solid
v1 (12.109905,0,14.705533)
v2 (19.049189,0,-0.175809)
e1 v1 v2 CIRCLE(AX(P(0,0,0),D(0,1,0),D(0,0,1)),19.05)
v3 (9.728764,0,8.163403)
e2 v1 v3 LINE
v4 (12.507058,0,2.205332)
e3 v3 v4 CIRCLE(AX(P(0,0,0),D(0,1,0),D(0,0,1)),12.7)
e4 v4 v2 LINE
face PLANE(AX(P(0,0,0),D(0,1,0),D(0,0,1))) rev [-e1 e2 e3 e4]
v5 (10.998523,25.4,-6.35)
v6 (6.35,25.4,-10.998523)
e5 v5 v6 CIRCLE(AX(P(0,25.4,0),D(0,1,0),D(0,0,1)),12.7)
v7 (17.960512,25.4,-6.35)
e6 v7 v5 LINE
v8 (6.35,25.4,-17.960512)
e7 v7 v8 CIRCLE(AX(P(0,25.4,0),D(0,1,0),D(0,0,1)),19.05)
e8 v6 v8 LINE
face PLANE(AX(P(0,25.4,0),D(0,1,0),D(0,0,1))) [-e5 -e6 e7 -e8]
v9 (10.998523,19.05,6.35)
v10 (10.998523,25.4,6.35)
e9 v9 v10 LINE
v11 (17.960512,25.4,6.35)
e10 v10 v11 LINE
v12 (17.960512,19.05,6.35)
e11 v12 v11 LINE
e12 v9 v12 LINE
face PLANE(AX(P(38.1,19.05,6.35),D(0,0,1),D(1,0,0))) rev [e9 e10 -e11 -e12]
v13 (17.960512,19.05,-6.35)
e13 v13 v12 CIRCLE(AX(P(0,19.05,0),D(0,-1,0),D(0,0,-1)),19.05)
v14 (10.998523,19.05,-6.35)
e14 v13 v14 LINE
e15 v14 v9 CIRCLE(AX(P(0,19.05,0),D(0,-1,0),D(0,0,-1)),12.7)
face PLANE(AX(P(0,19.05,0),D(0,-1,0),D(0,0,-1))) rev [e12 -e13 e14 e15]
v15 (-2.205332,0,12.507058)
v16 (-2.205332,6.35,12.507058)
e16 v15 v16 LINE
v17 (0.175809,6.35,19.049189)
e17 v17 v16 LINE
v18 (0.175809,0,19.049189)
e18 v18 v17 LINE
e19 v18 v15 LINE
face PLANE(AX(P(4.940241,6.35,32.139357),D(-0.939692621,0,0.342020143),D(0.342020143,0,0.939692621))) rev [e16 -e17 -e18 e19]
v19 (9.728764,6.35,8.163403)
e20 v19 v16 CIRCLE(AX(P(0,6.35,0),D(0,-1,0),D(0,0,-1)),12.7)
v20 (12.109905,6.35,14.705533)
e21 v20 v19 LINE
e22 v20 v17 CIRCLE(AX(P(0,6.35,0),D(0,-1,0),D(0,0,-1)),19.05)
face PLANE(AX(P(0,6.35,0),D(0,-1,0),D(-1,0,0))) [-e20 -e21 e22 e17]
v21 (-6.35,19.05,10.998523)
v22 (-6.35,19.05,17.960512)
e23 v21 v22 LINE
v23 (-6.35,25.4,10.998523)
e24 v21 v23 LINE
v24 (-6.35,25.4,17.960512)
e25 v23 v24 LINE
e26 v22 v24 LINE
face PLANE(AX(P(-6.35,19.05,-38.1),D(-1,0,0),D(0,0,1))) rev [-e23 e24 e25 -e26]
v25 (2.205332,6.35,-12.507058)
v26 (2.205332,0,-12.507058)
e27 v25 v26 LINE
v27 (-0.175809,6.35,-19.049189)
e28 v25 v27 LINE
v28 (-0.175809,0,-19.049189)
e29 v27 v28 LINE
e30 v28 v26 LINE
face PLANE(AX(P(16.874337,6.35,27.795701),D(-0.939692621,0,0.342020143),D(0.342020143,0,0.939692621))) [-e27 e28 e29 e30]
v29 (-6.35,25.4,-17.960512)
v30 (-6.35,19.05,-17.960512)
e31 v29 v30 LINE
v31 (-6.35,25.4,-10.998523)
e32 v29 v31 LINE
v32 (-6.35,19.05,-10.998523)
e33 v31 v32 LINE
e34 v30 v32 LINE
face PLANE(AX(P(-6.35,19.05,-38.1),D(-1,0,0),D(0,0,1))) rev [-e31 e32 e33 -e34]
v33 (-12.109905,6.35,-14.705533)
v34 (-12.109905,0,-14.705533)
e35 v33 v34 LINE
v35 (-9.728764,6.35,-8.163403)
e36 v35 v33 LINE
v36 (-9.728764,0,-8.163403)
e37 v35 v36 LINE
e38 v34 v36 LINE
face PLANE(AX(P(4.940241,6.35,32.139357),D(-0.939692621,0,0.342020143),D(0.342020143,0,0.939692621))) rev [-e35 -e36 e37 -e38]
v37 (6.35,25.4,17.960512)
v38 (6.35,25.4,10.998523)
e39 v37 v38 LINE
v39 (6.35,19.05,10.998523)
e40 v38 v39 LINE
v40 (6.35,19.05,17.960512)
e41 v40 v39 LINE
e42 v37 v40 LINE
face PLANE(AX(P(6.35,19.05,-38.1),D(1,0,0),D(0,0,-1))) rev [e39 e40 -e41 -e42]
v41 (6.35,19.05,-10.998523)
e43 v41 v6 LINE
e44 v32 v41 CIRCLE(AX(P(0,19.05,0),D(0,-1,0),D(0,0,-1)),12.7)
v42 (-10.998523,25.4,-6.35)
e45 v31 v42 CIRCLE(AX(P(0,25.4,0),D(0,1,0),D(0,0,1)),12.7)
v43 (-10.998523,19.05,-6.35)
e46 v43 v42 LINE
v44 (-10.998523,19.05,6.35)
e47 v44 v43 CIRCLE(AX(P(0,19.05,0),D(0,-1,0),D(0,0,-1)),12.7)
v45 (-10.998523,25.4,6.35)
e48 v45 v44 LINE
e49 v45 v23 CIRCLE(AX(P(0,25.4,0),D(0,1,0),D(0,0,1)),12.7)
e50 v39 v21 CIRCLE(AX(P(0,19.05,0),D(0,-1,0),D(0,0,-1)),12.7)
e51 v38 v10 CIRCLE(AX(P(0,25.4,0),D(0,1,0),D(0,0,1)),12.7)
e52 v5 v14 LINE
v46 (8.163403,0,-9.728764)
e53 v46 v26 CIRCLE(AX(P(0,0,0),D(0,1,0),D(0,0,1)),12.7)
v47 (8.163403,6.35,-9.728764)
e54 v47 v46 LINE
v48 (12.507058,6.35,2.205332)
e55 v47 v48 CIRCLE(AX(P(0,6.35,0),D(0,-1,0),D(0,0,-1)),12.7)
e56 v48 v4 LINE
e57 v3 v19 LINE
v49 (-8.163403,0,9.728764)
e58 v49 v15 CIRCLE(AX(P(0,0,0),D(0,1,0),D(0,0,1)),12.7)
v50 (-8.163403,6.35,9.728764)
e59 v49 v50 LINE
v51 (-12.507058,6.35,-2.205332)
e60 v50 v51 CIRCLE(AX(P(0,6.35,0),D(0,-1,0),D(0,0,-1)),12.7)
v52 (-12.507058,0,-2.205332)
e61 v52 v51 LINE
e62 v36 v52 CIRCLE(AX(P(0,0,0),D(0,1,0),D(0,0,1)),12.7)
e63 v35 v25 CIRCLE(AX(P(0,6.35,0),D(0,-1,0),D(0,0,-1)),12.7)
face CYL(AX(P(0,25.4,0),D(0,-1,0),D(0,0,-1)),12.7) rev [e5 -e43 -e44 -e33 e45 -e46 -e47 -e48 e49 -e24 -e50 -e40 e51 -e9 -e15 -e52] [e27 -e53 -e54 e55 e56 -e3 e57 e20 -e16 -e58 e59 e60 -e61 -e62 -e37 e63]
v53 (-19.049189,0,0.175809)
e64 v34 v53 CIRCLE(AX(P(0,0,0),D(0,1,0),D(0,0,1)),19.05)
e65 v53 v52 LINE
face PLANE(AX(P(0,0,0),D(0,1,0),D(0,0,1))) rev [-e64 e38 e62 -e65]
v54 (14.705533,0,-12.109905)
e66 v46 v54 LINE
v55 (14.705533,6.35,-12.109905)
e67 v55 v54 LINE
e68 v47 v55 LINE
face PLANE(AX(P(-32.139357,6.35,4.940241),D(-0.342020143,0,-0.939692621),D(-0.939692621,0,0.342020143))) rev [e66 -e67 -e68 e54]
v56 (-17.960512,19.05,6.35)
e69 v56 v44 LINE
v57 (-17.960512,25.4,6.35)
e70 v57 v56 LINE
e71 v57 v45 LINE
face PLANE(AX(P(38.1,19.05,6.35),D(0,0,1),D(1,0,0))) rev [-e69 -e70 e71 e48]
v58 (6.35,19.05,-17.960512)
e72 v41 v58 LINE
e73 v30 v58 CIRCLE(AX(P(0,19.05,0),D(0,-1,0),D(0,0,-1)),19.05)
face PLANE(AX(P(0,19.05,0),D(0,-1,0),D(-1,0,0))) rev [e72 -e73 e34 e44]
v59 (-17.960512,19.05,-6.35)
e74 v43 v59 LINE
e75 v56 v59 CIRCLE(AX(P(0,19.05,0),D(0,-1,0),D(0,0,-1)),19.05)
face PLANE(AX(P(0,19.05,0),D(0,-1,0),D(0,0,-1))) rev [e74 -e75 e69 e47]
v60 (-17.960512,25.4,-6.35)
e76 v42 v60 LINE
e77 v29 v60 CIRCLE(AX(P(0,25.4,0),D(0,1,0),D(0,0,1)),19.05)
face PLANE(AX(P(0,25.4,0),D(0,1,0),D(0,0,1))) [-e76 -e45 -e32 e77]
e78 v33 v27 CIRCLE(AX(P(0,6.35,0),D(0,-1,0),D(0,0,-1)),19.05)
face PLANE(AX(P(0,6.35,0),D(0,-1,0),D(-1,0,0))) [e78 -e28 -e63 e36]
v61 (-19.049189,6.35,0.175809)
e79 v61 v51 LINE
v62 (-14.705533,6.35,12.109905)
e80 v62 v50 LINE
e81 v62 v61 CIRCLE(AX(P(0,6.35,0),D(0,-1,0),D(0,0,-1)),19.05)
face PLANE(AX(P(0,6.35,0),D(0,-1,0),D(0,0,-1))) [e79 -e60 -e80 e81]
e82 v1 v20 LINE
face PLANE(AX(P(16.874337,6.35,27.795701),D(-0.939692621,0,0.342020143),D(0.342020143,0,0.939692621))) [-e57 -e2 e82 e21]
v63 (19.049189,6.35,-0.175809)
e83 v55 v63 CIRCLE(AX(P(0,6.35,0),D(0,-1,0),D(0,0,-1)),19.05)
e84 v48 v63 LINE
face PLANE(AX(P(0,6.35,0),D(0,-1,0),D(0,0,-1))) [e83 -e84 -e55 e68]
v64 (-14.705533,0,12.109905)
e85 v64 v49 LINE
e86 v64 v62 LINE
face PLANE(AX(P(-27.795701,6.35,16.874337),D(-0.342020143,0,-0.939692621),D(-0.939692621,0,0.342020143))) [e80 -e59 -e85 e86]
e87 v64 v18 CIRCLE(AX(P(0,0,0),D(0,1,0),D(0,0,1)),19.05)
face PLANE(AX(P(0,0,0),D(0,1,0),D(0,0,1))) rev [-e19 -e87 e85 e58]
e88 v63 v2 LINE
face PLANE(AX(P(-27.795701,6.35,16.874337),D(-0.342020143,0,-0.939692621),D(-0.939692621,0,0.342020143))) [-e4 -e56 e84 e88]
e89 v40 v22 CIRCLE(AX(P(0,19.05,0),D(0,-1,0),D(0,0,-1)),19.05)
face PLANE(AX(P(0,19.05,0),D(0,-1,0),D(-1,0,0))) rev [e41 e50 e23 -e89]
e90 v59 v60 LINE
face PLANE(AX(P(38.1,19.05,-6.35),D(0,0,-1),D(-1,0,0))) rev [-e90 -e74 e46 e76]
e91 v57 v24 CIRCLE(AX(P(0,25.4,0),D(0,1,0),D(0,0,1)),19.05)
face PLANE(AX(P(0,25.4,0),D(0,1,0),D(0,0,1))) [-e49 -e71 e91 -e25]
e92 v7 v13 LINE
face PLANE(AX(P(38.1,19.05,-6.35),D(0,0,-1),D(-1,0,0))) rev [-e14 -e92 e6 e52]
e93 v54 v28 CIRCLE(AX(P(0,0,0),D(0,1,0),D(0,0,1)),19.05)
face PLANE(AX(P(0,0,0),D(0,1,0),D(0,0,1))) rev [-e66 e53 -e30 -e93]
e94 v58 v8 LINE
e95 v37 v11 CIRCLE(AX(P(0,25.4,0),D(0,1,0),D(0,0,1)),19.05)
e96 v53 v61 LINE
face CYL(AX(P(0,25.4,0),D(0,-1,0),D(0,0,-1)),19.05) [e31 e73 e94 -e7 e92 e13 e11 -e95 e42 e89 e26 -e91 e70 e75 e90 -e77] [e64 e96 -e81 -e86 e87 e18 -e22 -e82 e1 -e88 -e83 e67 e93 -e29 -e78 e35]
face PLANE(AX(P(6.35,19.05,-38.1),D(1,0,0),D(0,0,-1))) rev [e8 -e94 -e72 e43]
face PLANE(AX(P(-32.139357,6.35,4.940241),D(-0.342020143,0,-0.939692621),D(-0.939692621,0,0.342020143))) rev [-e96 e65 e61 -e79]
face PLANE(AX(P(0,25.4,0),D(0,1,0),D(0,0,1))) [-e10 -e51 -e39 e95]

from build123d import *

# Parameters (mm, degrees)
SKETCH2_R           = 19.05
SKETCH2_R_2         = 12.7
BOSS_EXTRUDE2_DEPTH = 25.4
SKETCH4_W           = 76.2
SKETCH4_H           = 12.7
CUT_EXTRUDE7_DEPTH  = 6.35
CIRPATTERN1_COUNT   = 2
CIRPATTERN1_ANGLE   = 90
CUT_EXTRUDE9_DEPTH  = 6.35
CIRPATTERN2_COUNT   = 2
CIRPATTERN2_ANGLE   = 90


with BuildPart() as part:
    # Sketch2 → Boss-Extrude2 (new body)
    with BuildSketch(Plane(origin=(0, 0, 0), x_dir=(1, 0, 0), z_dir=(0, 1, 0))):
        with Locations(Location((0, 0, 0), (0, 0, 270))):
            Circle(SKETCH2_R)
        with Locations(Location((0, 0, 0), (0, 0, 270))):
            Circle(SKETCH2_R_2, mode=Mode.SUBTRACT)
    extrude(amount=BOSS_EXTRUDE2_DEPTH)

    # Sketch4 → Cut-Extrude7 (cut)
    with BuildSketch(Plane(origin=(0, 25.4, 0), x_dir=(1, 0, 0), z_dir=(0, 1, 0))):
        Rectangle(SKETCH4_W, SKETCH4_H)
    cut_extrude7 = extrude(amount=-CUT_EXTRUDE7_DEPTH, mode=Mode.SUBTRACT)

    # CirPattern1: Cut-Extrude7 ×2 about axis
    cirpattern1_axis = Axis((0, 25.4, 0), (0, 1, 0))
    for i in range(1, CIRPATTERN1_COUNT):
        add(cut_extrude7.rotate(cirpattern1_axis, i * CIRPATTERN1_ANGLE / (CIRPATTERN1_COUNT - 1)), mode=Mode.SUBTRACT)

    # Sketch8 → Cut-Extrude9 (cut)
    with BuildSketch(Plane.XZ):
        Polygon((-27.795701489, 16.874336838), (32.139357309, -4.940240554), (27.795701489, -16.874336838), (-32.139357309, 4.940240554), align=None)
    cut_extrude9 = extrude(amount=-CUT_EXTRUDE9_DEPTH, mode=Mode.SUBTRACT)

    # CirPattern2: Cut-Extrude9 ×2 about axis
    cirpattern2_axis = Axis((0, 0, 0), (0, 1, 0))
    for i in range(1, CIRPATTERN2_COUNT):
        add(cut_extrude9.rotate(cirpattern2_axis, i * CIRPATTERN2_ANGLE / (CIRPATTERN2_COUNT - 1)), mode=Mode.SUBTRACT)


solid = part.part
